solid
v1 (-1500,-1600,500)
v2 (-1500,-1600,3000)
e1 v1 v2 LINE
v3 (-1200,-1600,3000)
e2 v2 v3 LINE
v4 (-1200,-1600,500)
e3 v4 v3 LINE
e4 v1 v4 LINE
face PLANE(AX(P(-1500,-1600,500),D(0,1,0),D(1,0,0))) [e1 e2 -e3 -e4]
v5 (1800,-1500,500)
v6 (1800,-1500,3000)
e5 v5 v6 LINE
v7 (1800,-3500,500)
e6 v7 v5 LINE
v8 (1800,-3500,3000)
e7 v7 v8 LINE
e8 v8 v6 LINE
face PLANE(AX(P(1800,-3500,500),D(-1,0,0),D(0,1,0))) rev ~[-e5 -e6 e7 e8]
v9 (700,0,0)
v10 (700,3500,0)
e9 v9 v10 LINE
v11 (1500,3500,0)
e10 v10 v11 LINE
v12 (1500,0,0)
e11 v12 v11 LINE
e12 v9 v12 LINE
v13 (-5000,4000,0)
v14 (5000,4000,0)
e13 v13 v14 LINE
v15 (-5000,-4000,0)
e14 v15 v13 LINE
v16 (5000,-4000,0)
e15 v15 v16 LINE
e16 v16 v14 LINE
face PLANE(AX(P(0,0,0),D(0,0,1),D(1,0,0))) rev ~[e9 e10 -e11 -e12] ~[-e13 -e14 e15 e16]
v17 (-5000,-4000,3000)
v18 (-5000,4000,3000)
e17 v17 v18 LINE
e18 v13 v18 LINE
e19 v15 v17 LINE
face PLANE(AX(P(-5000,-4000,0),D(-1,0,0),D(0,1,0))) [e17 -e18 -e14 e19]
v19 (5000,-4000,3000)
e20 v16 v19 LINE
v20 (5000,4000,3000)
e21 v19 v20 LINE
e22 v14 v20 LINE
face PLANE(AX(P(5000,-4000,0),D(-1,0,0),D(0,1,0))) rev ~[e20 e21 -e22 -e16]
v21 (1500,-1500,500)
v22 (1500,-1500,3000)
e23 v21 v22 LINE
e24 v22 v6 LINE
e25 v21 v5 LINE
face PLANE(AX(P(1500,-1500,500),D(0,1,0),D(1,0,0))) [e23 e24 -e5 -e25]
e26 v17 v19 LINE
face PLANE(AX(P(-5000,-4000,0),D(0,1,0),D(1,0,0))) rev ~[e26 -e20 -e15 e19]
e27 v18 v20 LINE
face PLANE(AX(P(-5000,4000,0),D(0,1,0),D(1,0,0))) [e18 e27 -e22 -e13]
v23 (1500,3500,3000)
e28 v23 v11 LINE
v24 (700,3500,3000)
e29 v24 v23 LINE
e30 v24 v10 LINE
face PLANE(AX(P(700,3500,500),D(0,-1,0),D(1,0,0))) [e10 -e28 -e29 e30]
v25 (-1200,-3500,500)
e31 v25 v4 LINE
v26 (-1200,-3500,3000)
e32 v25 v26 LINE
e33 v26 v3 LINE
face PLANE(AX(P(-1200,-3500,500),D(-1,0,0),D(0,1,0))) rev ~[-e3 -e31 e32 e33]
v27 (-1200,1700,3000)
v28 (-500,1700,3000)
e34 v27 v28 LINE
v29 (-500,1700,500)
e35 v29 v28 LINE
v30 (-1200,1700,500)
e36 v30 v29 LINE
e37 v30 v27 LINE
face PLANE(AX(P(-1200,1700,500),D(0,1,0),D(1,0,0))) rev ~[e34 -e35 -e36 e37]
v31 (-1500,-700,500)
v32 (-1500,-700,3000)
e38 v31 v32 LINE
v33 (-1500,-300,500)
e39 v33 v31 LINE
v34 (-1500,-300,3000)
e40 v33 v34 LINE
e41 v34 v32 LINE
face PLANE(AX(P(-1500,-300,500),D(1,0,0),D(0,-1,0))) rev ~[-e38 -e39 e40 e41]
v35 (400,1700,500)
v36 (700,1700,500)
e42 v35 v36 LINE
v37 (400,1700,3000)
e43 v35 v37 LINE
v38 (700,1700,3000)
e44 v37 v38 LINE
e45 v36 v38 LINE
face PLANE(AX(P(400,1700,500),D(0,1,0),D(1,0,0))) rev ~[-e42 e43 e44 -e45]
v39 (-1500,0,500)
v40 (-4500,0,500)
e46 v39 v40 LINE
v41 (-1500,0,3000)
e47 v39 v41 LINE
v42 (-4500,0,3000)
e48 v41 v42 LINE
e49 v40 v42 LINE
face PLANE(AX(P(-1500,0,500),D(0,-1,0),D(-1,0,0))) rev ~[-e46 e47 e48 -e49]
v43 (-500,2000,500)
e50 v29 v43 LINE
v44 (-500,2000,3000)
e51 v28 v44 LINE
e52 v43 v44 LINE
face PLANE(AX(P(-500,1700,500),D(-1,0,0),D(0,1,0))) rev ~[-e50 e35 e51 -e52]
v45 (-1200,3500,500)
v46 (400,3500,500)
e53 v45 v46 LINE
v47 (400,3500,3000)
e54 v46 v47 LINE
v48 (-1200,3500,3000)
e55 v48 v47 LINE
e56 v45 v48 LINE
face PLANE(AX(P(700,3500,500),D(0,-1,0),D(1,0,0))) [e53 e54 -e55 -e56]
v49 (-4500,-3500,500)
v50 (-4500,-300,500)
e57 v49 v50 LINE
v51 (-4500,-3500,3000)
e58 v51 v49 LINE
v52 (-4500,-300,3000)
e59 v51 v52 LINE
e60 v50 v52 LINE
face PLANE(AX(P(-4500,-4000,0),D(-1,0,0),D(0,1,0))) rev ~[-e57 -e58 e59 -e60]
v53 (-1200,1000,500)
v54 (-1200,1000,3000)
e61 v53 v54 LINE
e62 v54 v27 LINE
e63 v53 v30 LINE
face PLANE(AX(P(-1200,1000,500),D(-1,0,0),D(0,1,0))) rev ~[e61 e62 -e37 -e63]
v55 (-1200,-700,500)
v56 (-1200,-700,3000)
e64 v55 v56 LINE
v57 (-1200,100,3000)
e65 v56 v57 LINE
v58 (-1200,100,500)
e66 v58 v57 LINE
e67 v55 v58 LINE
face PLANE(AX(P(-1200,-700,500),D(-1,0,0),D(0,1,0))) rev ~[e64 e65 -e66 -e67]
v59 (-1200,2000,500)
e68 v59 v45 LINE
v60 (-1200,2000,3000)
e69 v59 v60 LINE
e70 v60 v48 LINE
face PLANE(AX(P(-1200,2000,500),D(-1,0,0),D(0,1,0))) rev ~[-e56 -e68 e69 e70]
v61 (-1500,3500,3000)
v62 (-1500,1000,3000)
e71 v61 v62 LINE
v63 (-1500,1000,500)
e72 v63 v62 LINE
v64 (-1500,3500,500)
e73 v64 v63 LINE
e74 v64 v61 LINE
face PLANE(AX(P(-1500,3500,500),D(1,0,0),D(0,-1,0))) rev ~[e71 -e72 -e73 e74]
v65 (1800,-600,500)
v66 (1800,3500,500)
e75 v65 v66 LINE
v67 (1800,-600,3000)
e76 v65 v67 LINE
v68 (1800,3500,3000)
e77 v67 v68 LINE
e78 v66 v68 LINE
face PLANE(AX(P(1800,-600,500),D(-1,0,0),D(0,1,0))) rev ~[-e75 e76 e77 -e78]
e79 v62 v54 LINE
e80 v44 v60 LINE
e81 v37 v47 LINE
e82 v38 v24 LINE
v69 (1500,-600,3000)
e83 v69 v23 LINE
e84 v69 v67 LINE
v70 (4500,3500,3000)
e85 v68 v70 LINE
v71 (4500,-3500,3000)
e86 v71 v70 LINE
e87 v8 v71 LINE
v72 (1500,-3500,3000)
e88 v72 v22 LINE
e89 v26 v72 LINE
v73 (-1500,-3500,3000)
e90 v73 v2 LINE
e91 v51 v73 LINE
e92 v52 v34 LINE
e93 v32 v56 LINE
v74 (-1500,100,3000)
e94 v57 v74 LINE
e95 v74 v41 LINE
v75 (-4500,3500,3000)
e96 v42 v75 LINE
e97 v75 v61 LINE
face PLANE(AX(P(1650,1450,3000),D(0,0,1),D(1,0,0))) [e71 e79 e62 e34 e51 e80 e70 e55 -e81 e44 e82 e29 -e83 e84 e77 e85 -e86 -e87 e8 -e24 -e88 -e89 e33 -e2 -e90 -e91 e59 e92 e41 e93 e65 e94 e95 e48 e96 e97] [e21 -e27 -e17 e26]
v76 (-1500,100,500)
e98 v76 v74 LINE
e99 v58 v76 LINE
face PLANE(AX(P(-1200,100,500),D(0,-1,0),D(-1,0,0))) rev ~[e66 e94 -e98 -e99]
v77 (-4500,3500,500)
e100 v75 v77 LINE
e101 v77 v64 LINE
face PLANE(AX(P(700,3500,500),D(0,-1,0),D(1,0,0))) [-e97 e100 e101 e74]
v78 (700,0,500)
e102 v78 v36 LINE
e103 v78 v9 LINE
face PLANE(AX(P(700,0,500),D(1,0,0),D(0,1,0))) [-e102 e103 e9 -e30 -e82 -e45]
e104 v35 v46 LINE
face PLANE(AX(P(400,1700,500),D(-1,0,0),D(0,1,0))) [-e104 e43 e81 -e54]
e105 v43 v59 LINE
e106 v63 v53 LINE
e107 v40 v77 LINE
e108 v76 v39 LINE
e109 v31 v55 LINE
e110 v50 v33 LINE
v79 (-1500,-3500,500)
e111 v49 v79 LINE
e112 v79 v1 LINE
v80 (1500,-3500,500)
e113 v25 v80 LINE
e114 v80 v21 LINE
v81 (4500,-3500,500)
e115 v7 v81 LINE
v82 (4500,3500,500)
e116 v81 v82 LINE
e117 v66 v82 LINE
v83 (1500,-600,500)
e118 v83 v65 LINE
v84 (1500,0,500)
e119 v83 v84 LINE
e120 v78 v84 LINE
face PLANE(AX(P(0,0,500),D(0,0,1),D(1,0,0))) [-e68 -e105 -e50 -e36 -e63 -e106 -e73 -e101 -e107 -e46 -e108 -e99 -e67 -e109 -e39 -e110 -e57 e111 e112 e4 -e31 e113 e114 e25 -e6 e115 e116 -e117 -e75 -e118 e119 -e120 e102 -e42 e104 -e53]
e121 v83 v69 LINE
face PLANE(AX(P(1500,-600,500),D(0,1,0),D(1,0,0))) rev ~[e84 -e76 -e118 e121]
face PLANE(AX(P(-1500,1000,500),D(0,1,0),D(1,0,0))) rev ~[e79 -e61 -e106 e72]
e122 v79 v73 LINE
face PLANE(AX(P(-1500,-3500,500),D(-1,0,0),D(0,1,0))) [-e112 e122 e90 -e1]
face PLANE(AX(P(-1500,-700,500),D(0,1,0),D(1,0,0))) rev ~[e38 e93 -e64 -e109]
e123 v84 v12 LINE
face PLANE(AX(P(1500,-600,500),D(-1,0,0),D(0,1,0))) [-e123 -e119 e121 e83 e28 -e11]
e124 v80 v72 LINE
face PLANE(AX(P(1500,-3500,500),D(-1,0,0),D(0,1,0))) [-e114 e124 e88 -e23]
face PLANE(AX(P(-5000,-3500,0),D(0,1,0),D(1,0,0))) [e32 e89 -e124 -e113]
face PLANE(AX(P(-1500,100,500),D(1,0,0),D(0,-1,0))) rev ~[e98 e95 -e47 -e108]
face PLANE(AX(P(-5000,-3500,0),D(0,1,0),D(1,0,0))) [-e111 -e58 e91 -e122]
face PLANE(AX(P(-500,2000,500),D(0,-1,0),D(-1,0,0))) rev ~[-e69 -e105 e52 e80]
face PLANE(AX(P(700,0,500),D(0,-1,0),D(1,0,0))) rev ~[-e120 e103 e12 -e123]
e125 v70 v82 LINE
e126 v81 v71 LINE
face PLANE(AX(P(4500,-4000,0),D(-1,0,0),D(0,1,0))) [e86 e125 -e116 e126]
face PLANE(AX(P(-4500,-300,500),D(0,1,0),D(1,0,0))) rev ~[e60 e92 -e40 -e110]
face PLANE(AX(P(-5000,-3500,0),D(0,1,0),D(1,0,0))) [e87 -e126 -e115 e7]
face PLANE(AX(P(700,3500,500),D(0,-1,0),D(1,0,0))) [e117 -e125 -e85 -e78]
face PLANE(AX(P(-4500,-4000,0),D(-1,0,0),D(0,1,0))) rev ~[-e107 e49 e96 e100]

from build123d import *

# Parameters (mm, degrees)
F0_W     = 10000
F0_H     = 8000
F1_DEPTH = 3000
F2_T     = -500
F3_W     = 800
F3_H     = 3500
F4_DEPTH = 500.001
F5_W     = 300
F5_H     = 1900
F5_H_2   = 2000
F5_H_3   = 4100
F5_H_4   = 1800
F6_DEPTH = 2500


with BuildPart() as f1:
    # F0 (on Top) → F1 (new body)
    with BuildSketch(Plane.XY):
        Rectangle(F0_W, F0_H)
    extrude(amount=F1_DEPTH)

    # F2
    f2_openings = [f1.faces().sort_by_distance(p)[0] for p in [
        (0, 0, 3000),
    ]]
    offset(amount=F2_T, openings=f2_openings)

    # F3 (on face) → F4 (cut, through all)
    with BuildSketch(Plane.XY.offset(500)):
        with Locations((1100, 1750)):
            Rectangle(F3_W, F3_H)
    extrude(amount=-F4_DEPTH, mode=Mode.SUBTRACT)

    # F5 (on face) → F6 (join, through all)
    with BuildSketch(Plane.XY.offset(500)):
        Polygon((-1200, 2000), (-1200, 3500), (-1500, 3500), (-1500, 1000), (-1200, 1000), (-1200, 1700), (-500, 1700), (-500, 2000), align=None)
        Polygon((-1200, 100), (-1500, 100), (-1500, 0), (-4500, 0), (-4500, -300), (-1500, -300), (-1500, -700), (-1200, -700), align=None)
        with Locations((-1350, -2550)):
            Rectangle(F5_W, F5_H)
        with Locations((1650, -2500)):
            Rectangle(F5_W, F5_H_2)
        with Locations((1650, 1450)):
            Rectangle(F5_W, F5_H_3)
        with Locations((550, 2600)):
            Rectangle(F5_W, F5_H_4)
    extrude(amount=F6_DEPTH)


solid = f1.part
